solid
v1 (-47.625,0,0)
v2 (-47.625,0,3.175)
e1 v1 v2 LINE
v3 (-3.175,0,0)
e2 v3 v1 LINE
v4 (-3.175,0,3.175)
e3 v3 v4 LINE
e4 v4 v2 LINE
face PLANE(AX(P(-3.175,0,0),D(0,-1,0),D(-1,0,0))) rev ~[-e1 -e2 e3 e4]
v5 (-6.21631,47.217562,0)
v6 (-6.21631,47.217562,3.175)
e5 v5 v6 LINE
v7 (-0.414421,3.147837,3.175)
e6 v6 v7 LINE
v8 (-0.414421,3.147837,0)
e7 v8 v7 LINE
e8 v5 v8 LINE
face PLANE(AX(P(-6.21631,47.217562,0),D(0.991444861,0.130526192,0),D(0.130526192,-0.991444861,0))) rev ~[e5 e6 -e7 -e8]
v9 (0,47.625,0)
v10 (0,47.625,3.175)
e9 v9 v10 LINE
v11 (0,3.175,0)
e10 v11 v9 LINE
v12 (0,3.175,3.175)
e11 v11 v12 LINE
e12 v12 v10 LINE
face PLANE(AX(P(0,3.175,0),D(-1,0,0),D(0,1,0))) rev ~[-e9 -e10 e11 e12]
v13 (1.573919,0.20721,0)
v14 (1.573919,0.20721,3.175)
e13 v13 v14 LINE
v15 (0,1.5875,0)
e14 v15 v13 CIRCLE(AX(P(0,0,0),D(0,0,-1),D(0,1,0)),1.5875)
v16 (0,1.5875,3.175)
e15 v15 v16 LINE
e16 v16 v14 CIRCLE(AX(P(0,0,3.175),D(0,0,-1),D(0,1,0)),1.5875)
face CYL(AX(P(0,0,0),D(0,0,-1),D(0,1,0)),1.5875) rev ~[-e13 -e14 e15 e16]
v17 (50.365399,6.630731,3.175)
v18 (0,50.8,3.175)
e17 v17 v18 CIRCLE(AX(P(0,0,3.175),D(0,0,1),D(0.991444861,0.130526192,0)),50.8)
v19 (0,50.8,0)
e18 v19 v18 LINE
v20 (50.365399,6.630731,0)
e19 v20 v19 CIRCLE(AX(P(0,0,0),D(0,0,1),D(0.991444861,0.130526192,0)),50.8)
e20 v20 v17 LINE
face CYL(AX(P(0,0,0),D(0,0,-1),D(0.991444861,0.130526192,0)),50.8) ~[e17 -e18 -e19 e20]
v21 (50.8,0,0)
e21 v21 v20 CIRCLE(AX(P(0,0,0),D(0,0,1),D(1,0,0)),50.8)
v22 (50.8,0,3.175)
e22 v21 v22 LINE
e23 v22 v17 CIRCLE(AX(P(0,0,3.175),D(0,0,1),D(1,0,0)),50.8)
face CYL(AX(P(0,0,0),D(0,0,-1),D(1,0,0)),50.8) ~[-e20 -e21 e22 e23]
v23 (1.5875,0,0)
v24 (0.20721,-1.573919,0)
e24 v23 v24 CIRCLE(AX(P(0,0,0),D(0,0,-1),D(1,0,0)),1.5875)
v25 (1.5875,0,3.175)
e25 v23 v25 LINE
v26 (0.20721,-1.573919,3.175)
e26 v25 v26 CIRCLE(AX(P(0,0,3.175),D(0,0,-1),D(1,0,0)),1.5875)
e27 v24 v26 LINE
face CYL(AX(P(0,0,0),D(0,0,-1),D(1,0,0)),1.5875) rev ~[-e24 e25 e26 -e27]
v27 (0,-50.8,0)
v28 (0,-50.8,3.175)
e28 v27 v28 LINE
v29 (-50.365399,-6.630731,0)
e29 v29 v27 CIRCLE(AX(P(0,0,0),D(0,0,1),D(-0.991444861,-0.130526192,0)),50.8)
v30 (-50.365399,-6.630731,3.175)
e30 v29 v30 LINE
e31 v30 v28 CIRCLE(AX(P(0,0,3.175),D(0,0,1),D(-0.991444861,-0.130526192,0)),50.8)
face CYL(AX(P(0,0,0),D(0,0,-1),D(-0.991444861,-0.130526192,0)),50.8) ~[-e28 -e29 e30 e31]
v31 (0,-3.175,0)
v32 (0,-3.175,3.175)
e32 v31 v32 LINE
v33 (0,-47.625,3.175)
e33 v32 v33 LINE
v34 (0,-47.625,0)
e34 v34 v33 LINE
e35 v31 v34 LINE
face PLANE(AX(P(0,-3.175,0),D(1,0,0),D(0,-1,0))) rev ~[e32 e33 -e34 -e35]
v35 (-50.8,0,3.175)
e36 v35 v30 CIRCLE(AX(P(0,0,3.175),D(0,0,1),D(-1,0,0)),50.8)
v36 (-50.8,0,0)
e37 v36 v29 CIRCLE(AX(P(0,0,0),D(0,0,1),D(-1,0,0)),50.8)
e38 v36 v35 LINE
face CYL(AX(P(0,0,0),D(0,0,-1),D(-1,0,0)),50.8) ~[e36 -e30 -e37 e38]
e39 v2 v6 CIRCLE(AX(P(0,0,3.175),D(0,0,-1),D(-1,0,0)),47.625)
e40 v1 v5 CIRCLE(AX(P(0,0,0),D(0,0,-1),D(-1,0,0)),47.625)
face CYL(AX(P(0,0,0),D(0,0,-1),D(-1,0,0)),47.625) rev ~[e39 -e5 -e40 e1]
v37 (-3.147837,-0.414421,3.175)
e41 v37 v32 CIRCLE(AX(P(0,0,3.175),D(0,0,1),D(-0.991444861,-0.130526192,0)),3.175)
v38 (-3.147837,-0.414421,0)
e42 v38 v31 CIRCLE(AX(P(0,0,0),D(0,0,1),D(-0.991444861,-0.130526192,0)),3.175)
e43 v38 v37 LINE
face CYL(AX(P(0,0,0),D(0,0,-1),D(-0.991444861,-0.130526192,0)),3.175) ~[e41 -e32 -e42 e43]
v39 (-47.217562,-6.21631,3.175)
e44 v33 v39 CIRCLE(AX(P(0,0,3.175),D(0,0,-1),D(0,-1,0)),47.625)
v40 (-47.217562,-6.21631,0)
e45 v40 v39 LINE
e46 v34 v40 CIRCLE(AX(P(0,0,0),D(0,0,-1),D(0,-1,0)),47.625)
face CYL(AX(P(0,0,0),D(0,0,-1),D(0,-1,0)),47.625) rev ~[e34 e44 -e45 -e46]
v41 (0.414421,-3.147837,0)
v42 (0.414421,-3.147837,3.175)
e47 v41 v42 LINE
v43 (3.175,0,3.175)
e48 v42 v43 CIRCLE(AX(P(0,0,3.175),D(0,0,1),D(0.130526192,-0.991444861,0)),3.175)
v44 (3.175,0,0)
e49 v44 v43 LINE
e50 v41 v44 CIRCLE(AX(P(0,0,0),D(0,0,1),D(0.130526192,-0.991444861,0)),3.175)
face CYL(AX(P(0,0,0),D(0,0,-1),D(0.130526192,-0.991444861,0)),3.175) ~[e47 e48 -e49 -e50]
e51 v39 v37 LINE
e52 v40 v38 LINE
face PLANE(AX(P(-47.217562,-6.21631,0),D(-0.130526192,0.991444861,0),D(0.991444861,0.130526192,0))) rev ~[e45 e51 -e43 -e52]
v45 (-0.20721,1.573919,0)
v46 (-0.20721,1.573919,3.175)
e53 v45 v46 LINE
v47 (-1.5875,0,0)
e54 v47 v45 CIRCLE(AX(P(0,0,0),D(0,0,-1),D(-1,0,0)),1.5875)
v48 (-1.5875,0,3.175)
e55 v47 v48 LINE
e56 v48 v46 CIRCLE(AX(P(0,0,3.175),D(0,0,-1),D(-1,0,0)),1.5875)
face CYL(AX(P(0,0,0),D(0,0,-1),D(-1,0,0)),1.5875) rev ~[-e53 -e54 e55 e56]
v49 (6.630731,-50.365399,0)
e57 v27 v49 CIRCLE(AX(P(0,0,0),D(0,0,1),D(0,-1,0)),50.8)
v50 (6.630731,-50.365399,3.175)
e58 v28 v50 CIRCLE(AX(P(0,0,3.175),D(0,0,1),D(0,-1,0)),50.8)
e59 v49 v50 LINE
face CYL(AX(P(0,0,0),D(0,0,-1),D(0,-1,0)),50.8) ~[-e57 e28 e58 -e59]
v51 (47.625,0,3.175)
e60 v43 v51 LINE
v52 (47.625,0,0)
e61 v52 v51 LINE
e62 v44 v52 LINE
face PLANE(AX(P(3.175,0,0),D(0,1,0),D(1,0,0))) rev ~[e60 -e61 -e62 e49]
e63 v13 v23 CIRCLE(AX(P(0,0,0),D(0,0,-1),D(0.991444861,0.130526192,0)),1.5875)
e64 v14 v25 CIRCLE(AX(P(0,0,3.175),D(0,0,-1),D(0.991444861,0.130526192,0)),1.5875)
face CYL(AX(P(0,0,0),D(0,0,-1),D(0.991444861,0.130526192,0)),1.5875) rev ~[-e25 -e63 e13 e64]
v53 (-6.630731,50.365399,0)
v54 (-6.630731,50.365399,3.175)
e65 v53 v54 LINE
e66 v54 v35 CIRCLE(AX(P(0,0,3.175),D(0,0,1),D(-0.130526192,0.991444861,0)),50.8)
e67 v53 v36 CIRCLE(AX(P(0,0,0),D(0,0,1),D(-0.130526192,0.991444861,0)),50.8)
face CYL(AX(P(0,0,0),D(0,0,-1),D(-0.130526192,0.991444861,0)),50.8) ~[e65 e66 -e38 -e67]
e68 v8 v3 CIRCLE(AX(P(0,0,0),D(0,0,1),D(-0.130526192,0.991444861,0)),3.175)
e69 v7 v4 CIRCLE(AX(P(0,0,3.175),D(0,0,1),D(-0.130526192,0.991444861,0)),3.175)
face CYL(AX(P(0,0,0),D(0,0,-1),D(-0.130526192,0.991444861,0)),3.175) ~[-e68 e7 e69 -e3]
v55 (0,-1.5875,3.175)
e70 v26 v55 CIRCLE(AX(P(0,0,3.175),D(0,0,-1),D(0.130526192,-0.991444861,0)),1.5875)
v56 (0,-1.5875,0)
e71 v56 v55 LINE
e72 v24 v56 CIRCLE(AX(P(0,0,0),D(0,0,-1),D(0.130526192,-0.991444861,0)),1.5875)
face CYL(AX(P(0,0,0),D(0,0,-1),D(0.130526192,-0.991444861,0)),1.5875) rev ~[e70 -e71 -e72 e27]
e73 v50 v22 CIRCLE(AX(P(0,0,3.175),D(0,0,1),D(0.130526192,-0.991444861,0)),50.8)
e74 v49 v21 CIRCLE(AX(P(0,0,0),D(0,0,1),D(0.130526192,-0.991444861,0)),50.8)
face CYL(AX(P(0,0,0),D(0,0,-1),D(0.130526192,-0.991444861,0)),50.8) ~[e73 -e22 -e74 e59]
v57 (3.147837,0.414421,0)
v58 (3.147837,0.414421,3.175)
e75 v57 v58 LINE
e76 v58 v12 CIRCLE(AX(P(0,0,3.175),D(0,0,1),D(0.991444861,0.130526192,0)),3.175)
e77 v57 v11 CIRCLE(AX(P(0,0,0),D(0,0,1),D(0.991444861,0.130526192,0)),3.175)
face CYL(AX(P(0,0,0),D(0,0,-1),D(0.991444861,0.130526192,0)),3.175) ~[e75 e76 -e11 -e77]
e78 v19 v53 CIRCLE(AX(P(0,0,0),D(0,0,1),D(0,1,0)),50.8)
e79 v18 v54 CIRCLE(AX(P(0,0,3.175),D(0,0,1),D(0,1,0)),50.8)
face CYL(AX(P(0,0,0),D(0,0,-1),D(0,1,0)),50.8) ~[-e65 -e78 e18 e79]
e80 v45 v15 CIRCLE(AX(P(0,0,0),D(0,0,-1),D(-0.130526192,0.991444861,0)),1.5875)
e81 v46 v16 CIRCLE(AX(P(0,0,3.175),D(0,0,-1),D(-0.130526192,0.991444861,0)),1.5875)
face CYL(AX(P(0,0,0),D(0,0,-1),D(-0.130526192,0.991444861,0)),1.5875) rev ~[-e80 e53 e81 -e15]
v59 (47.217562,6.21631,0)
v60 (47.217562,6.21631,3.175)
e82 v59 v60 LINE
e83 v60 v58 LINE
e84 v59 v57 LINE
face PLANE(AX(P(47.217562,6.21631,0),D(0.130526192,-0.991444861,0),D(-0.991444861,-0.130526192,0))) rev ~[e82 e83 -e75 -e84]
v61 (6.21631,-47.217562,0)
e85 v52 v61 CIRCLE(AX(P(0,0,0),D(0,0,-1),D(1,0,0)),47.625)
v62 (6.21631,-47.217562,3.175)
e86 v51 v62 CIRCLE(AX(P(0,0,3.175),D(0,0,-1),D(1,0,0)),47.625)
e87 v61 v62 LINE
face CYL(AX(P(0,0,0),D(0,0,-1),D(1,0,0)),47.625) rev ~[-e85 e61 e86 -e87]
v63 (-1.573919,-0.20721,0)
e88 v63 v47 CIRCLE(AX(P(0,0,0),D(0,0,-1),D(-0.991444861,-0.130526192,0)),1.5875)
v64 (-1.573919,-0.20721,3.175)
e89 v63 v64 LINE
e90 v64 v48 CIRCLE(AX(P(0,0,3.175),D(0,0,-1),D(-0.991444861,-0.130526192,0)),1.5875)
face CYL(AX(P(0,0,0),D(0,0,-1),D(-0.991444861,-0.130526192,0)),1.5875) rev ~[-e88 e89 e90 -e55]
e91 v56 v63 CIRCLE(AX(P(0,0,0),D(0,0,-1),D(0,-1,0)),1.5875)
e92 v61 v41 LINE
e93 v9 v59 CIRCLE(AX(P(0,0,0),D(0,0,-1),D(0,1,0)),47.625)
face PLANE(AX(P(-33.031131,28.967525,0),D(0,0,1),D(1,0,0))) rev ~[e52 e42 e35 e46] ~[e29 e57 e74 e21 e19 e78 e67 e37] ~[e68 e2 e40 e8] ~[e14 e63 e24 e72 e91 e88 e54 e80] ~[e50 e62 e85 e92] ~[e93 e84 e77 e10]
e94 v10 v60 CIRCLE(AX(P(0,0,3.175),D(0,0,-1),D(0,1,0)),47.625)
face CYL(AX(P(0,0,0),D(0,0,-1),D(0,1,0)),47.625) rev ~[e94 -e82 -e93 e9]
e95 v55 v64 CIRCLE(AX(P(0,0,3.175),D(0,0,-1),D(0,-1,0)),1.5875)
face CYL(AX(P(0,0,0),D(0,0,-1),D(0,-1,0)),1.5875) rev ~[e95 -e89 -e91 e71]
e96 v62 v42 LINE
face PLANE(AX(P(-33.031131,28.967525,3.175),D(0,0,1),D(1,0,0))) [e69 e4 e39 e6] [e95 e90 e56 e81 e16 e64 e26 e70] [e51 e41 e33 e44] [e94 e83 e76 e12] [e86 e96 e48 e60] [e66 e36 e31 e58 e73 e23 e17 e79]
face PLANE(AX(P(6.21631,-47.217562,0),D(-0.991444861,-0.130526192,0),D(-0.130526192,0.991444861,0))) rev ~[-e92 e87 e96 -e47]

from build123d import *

# Parameters (mm, degrees)
F1_DEPTH = 3.175


with BuildPart() as f1:
    # F0 (on Top) → F1 (new body)
    with BuildSketch(Plane.XY):
        with BuildLine():
            Line((-50.8, 0), (-47.625, 0))
            ThreePointArc((-47.625, 0), (-35.8063708312, 31.4013444441), (-6.2163099045, 47.2175615229))
            Line((-6.2163099045, 47.2175615229), (-6.6307305648, 50.3653989578))
            ThreePointArc((-6.6307305648, 50.3653989578), (-38.1934622199, 33.4947674071), (-50.8, 0))
        make_face()
        with BuildLine():
            ThreePointArc((-47.2175615229, -6.2163099045), (-47.5230312192, -3.1148240296), (-47.625, 0))
            Line((-47.625, 0), (-50.8, 0))
            ThreePointArc((-50.8, 0), (-50.6912333005, -3.3224789649), (-50.3653989578, -6.6307305648))
            Line((-50.3653989578, -6.6307305648), (-47.2175615229, -6.2163099045))
        make_face()
        with BuildLine():
            Line((0, -50.8), (0, -47.625))
            ThreePointArc((0, -47.625), (-31.4013444441, -35.8063708312), (-47.2175615229, -6.2163099045))
            Line((-47.2175615229, -6.2163099045), (-50.3653989578, -6.6307305648))
            ThreePointArc((-50.3653989578, -6.6307305648), (-33.4947674071, -38.1934622199), (0, -50.8))
        make_face()
        with BuildLine():
            Line((50.8, 0), (47.625, 0))
            ThreePointArc((47.625, 0), (35.8063708312, -31.4013444441), (6.2163099045, -47.2175615229))
            Line((6.2163099045, -47.2175615229), (6.6307305648, -50.3653989578))
            ThreePointArc((6.6307305648, -50.3653989578), (38.1934622199, -33.4947674071), (50.8, 0))
        make_face()
        with BuildLine():
            ThreePointArc((0, 47.625), (31.4013444441, 35.8063708312), (47.2175615229, 6.2163099045))
            Line((47.2175615229, 6.2163099045), (50.3653989578, 6.6307305648))
            ThreePointArc((50.3653989578, 6.6307305648), (33.4947674071, 38.1934622199), (0, 50.8))
            Line((0, 50.8), (0, 47.625))
        make_face()
        with BuildLine():
            ThreePointArc((-6.2163099045, 47.2175615229), (-3.1148240296, 47.5230312192), (0, 47.625))
            Line((0, 47.625), (0, 50.8))
            ThreePointArc((0, 50.8), (-3.3224789649, 50.6912333005), (-6.6307305648, 50.3653989578))
            Line((-6.6307305648, 50.3653989578), (-6.2163099045, 47.2175615229))
        make_face()
        with BuildLine():
            ThreePointArc((47.2175615229, 6.2163099045), (47.5230312192, 3.1148240296), (47.625, 0))
            Line((47.625, 0), (50.8, 0))
            ThreePointArc((50.8, 0), (50.6912333005, 3.3224789649), (50.3653989578, 6.6307305648))
            Line((50.3653989578, 6.6307305648), (47.2175615229, 6.2163099045))
        make_face()
        with BuildLine():
            Line((6.6307305648, -50.3653989578), (6.2163099045, -47.2175615229))
            ThreePointArc((6.2163099045, -47.2175615229), (3.1148240296, -47.5230312192), (0, -47.625))
            Line((0, -47.625), (0, -50.8))
            ThreePointArc((0, -50.8), (3.3224789649, -50.6912333005), (6.6307305648, -50.3653989578))
        make_face()
        with BuildLine():
            Line((-3.175, 0), (-1.5875, 0))
            ThreePointArc((-1.5875, 0), (-1.1935456944, 1.0467114815), (-0.2072103301, 1.5739187174))
            Line((-0.2072103301, 1.5739187174), (-0.4144206603, 3.1478374349))
            ThreePointArc((-0.4144206603, 3.1478374349), (-2.3870913887, 2.0934229629), (-3.175, 0))
        make_face()
        with BuildLine():
            ThreePointArc((-1.5739187174, -0.2072103301), (-1.5841010406, -0.1038274677), (-1.5875, 0))
            Line((-1.5875, 0), (-3.175, 0))
            ThreePointArc((-3.175, 0), (-3.1682020813, -0.2076549353), (-3.1478374349, -0.4144206603))
            Line((-3.1478374349, -0.4144206603), (-1.5739187174, -0.2072103301))
        make_face()
        with BuildLine():
            Line((0, -3.175), (0, -1.5875))
            ThreePointArc((0, -1.5875), (-1.0467114815, -1.1935456944), (-1.5739187174, -0.2072103301))
            Line((-1.5739187174, -0.2072103301), (-3.1478374349, -0.4144206603))
            ThreePointArc((-3.1478374349, -0.4144206603), (-2.0934229629, -2.3870913887), (0, -3.175))
        make_face()
        with BuildLine():
            Line((0.4144206603, -3.1478374349), (0.2072103301, -1.5739187174))
            ThreePointArc((0.2072103301, -1.5739187174), (0.1038274677, -1.5841010406), (0, -1.5875))
            Line((0, -1.5875), (0, -3.175))
            ThreePointArc((0, -3.175), (0.2076549353, -3.1682020813), (0.4144206603, -3.1478374349))
        make_face()
        with BuildLine():
            Line((3.175, 0), (1.5875, 0))
            ThreePointArc((1.5875, 0), (1.1935456944, -1.0467114815), (0.2072103301, -1.5739187174))
            Line((0.2072103301, -1.5739187174), (0.4144206603, -3.1478374349))
            ThreePointArc((0.4144206603, -3.1478374349), (2.3870913887, -2.0934229629), (3.175, 0))
        make_face()
        with BuildLine():
            ThreePointArc((1.5739187174, 0.2072103301), (1.5841010406, 0.1038274677), (1.5875, 0))
            Line((1.5875, 0), (3.175, 0))
            ThreePointArc((3.175, 0), (3.1682020813, 0.2076549353), (3.1478374349, 0.4144206603))
            Line((3.1478374349, 0.4144206603), (1.5739187174, 0.2072103301))
        make_face()
        with BuildLine():
            ThreePointArc((0, 1.5875), (1.0467114815, 1.1935456944), (1.5739187174, 0.2072103301))
            Line((1.5739187174, 0.2072103301), (3.1478374349, 0.4144206603))
            ThreePointArc((3.1478374349, 0.4144206603), (2.0934229629, 2.3870913887), (0, 3.175))
            Line((0, 3.175), (0, 1.5875))
        make_face()
        with BuildLine():
            ThreePointArc((-0.2072103301, 1.5739187174), (-0.1038274677, 1.5841010406), (0, 1.5875))
            Line((0, 1.5875), (0, 3.175))
            ThreePointArc((0, 3.175), (-0.2076549353, 3.1682020813), (-0.4144206603, 3.1478374349))
            Line((-0.4144206603, 3.1478374349), (-0.2072103301, 1.5739187174))
        make_face()
        with BuildLine():
            ThreePointArc((-0.4144206603, 3.1478374349), (-0.2076549353, 3.1682020813), (0, 3.175))
            Line((0, 3.175), (0, 47.625))
            ThreePointArc((0, 47.625), (-3.1148240296, 47.5230312192), (-6.2163099045, 47.2175615229))
            Line((-6.2163099045, 47.2175615229), (-0.4144206603, 3.1478374349))
        make_face()
        with BuildLine():
            ThreePointArc((-3.1478374349, -0.4144206603), (-3.1682020813, -0.2076549353), (-3.175, 0))
            Line((-3.175, 0), (-47.625, 0))
            ThreePointArc((-47.625, 0), (-47.5230312192, -3.1148240296), (-47.2175615229, -6.2163099045))
            Line((-47.2175615229, -6.2163099045), (-3.1478374349, -0.4144206603))
        make_face()
        with BuildLine():
            Line((6.2163099045, -47.2175615229), (0.4144206603, -3.1478374349))
            ThreePointArc((0.4144206603, -3.1478374349), (0.2076549353, -3.1682020813), (0, -3.175))
            Line((0, -3.175), (0, -47.625))
            ThreePointArc((0, -47.625), (3.1148240296, -47.5230312192), (6.2163099045, -47.2175615229))
        make_face()
        with BuildLine():
            ThreePointArc((3.1478374349, 0.4144206603), (3.1682020813, 0.2076549353), (3.175, 0))
            Line((3.175, 0), (47.625, 0))
            ThreePointArc((47.625, 0), (47.5230312192, 3.1148240296), (47.2175615229, 6.2163099045))
            Line((47.2175615229, 6.2163099045), (3.1478374349, 0.4144206603))
        make_face()
    extrude(amount=F1_DEPTH)


solid = f1.part
